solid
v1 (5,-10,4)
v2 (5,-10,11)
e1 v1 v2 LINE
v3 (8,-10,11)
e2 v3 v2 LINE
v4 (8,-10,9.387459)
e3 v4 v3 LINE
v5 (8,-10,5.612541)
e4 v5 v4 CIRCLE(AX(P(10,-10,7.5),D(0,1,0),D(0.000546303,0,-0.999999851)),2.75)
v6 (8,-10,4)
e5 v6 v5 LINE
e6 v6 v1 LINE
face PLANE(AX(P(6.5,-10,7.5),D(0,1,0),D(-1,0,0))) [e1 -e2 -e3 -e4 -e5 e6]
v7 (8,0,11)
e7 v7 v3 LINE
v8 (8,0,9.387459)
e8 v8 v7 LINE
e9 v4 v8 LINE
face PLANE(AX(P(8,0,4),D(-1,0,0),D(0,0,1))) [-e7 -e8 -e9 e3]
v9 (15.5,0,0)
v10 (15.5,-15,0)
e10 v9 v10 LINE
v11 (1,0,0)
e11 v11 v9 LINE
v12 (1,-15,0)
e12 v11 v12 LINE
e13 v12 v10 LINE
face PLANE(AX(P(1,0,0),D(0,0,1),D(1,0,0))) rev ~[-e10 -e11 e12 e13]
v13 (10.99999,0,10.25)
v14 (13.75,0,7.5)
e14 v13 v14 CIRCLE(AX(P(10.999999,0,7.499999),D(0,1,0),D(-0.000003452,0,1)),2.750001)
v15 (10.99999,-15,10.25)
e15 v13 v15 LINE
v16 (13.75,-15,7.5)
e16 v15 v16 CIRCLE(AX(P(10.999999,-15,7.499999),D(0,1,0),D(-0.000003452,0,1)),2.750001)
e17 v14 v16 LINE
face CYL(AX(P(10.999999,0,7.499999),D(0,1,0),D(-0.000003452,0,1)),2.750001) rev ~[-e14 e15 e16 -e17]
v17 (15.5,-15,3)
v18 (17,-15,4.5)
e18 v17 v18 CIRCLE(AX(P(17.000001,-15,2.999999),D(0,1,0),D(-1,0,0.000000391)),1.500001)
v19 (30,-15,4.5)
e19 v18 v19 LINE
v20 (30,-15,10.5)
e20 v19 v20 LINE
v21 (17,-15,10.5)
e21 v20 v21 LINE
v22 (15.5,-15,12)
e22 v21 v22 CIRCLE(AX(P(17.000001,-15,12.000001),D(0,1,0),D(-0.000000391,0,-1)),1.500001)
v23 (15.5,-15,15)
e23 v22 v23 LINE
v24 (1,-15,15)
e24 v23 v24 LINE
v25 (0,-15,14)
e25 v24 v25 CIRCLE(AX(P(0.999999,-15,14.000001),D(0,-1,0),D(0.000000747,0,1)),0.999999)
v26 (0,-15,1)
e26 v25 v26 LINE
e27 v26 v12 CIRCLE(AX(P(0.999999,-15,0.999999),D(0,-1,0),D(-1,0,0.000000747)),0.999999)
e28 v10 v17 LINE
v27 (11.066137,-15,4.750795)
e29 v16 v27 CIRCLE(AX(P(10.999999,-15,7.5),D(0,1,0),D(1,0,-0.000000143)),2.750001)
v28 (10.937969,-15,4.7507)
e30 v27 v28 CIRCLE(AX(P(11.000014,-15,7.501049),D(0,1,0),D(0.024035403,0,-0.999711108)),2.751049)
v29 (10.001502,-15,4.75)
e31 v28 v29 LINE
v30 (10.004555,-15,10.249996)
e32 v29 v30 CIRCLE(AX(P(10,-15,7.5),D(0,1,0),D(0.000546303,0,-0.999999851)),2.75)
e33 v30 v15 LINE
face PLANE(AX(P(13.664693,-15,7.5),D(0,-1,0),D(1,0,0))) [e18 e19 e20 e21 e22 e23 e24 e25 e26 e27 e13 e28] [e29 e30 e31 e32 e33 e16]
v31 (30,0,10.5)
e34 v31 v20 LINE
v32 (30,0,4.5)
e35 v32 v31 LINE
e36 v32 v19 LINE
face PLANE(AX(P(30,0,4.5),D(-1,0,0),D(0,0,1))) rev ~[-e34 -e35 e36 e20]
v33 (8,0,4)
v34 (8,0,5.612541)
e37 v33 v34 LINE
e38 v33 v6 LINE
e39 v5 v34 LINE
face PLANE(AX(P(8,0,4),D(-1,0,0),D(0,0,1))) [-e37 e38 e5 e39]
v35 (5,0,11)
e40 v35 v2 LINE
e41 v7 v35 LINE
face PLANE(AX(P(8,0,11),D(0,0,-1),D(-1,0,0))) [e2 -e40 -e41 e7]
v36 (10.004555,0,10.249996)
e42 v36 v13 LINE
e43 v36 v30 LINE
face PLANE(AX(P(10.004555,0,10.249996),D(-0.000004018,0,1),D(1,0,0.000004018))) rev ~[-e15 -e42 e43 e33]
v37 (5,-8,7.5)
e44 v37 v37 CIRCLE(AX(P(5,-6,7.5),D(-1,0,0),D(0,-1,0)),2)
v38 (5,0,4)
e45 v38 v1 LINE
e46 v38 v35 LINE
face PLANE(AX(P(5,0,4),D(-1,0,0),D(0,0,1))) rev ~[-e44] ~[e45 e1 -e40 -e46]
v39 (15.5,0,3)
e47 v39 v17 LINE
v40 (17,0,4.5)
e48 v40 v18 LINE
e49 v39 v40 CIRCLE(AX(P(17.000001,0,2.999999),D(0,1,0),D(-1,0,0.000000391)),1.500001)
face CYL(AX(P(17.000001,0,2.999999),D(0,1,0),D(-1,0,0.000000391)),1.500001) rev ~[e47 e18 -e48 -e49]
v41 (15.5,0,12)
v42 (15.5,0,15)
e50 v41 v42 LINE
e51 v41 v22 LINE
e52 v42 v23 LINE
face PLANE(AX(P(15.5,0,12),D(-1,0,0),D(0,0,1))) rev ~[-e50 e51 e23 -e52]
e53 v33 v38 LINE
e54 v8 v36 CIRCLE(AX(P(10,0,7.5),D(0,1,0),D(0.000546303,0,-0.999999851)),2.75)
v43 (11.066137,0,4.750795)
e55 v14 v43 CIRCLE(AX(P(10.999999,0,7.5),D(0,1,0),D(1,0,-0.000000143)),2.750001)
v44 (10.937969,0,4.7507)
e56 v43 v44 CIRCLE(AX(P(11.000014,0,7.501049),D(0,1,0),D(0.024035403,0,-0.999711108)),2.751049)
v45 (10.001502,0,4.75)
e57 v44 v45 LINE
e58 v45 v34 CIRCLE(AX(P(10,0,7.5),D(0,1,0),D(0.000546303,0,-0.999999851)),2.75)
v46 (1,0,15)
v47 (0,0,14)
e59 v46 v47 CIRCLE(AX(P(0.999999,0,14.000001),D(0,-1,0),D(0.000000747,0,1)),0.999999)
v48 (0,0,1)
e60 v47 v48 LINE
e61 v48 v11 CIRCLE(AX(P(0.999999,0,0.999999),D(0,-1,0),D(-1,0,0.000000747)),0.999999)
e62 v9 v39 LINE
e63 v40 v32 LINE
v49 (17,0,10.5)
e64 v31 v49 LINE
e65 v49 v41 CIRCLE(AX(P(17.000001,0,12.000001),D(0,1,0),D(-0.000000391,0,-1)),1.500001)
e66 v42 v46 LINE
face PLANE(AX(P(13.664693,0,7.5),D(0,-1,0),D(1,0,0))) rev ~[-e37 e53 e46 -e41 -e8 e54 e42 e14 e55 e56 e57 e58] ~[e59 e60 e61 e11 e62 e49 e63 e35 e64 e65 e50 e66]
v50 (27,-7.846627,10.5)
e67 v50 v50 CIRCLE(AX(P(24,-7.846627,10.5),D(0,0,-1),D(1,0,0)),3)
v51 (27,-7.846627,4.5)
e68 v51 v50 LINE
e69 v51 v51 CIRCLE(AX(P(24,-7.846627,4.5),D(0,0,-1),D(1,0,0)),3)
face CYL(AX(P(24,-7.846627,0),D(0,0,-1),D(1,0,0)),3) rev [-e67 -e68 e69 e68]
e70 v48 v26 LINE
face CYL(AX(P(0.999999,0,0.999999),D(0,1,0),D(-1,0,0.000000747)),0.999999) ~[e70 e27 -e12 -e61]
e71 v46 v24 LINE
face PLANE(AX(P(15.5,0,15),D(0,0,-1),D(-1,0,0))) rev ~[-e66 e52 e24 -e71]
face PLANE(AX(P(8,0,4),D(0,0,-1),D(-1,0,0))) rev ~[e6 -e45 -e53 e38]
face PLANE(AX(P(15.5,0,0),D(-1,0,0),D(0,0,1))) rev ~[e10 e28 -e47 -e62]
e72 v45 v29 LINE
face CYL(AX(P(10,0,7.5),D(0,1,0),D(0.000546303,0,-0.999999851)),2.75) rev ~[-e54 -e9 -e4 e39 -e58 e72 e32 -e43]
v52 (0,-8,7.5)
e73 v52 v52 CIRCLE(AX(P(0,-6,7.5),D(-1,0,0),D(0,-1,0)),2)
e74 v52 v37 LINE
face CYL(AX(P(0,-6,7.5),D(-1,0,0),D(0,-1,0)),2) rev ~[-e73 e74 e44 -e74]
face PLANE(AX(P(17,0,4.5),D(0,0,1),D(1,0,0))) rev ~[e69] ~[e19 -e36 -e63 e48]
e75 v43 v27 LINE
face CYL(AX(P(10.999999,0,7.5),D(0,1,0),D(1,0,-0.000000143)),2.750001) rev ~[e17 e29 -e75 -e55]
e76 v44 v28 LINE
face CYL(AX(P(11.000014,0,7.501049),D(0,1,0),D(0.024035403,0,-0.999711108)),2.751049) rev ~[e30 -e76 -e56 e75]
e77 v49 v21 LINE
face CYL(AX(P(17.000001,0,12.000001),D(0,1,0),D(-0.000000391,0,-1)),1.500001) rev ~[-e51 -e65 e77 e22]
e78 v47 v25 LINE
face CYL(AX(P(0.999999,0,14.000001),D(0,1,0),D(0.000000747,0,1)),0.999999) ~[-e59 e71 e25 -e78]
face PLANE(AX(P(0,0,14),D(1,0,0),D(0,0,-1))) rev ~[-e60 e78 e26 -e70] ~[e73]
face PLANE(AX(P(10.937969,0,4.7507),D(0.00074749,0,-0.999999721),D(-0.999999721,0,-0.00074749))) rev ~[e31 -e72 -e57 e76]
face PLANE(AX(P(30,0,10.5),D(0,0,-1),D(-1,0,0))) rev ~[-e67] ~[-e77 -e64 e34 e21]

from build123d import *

# Parameters (mm, degrees)
F1_DEPTH = 15
F2_R     = 3
F3_DEPTH = 15.001
F4_W     = 3
F4_H     = 7
F5_DEPTH = 10
F6_R     = 2
F7_DEPTH = 5


with BuildPart() as f1:
    # F0 (on Front) → F1 (new body)
    with BuildSketch(Plane.XZ):
        with BuildLine():
            Line((15.5, 15), (1, 15))
            ThreePointArc((1, 15), (0.292893, 14.707107), (0, 14))
            Line((0, 14), (0, 1))
            ThreePointArc((0, 1), (0.292893, 0.292893), (1, 0))
            Line((1, 0), (15.5, 0))
            Line((15.5, 0), (15.5, 3))
            ThreePointArc((15.5, 3), (15.93934, 4.06066), (17, 4.5))
            Line((17, 4.5), (30, 4.5))
            Line((30, 4.5), (30, 10.5))
            Line((30, 10.5), (17, 10.5))
            ThreePointArc((17, 10.5), (15.93934, 10.93934), (15.5, 12))
            Line((15.5, 12), (15.5, 15))
        make_face()
        with BuildLine():
            ThreePointArc((10.001502, 4.75), (7.25, 7.501527), (10.004555, 10.249996))
            Line((10.004555, 10.249996), (10.99999, 10.25))
            ThreePointArc((10.99999, 10.25), (12.94454, 9.444547), (13.75, 7.5))
            ThreePointArc((13.75, 7.5), (12.967788, 5.578982), (11.066137, 4.750795))
            ThreePointArc((11.066137, 4.750795), (11.002054, 4.750001), (10.937969, 4.7507))
            Line((10.937969, 4.7507), (10.001502, 4.75))
        make_face(mode=Mode.SUBTRACT)
    extrude(amount=F1_DEPTH)

    # F2 (on Top) → F3 (cut, through all)
    with BuildSketch(Plane.XY):
        with Locations((24, -7.846627)):
            Circle(F2_R)
    extrude(amount=F3_DEPTH, mode=Mode.SUBTRACT)

    # F4 (on face) → F5 (cut)
    with BuildSketch(Plane(origin=(0, 0, 0), x_dir=(-1, 0, 0), z_dir=(0, 1, 0))):
        with Locations((-6.5, 7.5)):
            Rectangle(F4_W, F4_H)
    extrude(amount=-F5_DEPTH, mode=Mode.SUBTRACT)

    # F6 (on face) → F7 (cut)
    with BuildSketch(Plane(origin=(0, 0, 0), x_dir=(0, -1, 0), z_dir=(-1, 0, 0))):
        with Locations((6, 7.5)):
            Circle(F6_R)
    extrude(amount=-F7_DEPTH, mode=Mode.SUBTRACT)


solid = f1.part
